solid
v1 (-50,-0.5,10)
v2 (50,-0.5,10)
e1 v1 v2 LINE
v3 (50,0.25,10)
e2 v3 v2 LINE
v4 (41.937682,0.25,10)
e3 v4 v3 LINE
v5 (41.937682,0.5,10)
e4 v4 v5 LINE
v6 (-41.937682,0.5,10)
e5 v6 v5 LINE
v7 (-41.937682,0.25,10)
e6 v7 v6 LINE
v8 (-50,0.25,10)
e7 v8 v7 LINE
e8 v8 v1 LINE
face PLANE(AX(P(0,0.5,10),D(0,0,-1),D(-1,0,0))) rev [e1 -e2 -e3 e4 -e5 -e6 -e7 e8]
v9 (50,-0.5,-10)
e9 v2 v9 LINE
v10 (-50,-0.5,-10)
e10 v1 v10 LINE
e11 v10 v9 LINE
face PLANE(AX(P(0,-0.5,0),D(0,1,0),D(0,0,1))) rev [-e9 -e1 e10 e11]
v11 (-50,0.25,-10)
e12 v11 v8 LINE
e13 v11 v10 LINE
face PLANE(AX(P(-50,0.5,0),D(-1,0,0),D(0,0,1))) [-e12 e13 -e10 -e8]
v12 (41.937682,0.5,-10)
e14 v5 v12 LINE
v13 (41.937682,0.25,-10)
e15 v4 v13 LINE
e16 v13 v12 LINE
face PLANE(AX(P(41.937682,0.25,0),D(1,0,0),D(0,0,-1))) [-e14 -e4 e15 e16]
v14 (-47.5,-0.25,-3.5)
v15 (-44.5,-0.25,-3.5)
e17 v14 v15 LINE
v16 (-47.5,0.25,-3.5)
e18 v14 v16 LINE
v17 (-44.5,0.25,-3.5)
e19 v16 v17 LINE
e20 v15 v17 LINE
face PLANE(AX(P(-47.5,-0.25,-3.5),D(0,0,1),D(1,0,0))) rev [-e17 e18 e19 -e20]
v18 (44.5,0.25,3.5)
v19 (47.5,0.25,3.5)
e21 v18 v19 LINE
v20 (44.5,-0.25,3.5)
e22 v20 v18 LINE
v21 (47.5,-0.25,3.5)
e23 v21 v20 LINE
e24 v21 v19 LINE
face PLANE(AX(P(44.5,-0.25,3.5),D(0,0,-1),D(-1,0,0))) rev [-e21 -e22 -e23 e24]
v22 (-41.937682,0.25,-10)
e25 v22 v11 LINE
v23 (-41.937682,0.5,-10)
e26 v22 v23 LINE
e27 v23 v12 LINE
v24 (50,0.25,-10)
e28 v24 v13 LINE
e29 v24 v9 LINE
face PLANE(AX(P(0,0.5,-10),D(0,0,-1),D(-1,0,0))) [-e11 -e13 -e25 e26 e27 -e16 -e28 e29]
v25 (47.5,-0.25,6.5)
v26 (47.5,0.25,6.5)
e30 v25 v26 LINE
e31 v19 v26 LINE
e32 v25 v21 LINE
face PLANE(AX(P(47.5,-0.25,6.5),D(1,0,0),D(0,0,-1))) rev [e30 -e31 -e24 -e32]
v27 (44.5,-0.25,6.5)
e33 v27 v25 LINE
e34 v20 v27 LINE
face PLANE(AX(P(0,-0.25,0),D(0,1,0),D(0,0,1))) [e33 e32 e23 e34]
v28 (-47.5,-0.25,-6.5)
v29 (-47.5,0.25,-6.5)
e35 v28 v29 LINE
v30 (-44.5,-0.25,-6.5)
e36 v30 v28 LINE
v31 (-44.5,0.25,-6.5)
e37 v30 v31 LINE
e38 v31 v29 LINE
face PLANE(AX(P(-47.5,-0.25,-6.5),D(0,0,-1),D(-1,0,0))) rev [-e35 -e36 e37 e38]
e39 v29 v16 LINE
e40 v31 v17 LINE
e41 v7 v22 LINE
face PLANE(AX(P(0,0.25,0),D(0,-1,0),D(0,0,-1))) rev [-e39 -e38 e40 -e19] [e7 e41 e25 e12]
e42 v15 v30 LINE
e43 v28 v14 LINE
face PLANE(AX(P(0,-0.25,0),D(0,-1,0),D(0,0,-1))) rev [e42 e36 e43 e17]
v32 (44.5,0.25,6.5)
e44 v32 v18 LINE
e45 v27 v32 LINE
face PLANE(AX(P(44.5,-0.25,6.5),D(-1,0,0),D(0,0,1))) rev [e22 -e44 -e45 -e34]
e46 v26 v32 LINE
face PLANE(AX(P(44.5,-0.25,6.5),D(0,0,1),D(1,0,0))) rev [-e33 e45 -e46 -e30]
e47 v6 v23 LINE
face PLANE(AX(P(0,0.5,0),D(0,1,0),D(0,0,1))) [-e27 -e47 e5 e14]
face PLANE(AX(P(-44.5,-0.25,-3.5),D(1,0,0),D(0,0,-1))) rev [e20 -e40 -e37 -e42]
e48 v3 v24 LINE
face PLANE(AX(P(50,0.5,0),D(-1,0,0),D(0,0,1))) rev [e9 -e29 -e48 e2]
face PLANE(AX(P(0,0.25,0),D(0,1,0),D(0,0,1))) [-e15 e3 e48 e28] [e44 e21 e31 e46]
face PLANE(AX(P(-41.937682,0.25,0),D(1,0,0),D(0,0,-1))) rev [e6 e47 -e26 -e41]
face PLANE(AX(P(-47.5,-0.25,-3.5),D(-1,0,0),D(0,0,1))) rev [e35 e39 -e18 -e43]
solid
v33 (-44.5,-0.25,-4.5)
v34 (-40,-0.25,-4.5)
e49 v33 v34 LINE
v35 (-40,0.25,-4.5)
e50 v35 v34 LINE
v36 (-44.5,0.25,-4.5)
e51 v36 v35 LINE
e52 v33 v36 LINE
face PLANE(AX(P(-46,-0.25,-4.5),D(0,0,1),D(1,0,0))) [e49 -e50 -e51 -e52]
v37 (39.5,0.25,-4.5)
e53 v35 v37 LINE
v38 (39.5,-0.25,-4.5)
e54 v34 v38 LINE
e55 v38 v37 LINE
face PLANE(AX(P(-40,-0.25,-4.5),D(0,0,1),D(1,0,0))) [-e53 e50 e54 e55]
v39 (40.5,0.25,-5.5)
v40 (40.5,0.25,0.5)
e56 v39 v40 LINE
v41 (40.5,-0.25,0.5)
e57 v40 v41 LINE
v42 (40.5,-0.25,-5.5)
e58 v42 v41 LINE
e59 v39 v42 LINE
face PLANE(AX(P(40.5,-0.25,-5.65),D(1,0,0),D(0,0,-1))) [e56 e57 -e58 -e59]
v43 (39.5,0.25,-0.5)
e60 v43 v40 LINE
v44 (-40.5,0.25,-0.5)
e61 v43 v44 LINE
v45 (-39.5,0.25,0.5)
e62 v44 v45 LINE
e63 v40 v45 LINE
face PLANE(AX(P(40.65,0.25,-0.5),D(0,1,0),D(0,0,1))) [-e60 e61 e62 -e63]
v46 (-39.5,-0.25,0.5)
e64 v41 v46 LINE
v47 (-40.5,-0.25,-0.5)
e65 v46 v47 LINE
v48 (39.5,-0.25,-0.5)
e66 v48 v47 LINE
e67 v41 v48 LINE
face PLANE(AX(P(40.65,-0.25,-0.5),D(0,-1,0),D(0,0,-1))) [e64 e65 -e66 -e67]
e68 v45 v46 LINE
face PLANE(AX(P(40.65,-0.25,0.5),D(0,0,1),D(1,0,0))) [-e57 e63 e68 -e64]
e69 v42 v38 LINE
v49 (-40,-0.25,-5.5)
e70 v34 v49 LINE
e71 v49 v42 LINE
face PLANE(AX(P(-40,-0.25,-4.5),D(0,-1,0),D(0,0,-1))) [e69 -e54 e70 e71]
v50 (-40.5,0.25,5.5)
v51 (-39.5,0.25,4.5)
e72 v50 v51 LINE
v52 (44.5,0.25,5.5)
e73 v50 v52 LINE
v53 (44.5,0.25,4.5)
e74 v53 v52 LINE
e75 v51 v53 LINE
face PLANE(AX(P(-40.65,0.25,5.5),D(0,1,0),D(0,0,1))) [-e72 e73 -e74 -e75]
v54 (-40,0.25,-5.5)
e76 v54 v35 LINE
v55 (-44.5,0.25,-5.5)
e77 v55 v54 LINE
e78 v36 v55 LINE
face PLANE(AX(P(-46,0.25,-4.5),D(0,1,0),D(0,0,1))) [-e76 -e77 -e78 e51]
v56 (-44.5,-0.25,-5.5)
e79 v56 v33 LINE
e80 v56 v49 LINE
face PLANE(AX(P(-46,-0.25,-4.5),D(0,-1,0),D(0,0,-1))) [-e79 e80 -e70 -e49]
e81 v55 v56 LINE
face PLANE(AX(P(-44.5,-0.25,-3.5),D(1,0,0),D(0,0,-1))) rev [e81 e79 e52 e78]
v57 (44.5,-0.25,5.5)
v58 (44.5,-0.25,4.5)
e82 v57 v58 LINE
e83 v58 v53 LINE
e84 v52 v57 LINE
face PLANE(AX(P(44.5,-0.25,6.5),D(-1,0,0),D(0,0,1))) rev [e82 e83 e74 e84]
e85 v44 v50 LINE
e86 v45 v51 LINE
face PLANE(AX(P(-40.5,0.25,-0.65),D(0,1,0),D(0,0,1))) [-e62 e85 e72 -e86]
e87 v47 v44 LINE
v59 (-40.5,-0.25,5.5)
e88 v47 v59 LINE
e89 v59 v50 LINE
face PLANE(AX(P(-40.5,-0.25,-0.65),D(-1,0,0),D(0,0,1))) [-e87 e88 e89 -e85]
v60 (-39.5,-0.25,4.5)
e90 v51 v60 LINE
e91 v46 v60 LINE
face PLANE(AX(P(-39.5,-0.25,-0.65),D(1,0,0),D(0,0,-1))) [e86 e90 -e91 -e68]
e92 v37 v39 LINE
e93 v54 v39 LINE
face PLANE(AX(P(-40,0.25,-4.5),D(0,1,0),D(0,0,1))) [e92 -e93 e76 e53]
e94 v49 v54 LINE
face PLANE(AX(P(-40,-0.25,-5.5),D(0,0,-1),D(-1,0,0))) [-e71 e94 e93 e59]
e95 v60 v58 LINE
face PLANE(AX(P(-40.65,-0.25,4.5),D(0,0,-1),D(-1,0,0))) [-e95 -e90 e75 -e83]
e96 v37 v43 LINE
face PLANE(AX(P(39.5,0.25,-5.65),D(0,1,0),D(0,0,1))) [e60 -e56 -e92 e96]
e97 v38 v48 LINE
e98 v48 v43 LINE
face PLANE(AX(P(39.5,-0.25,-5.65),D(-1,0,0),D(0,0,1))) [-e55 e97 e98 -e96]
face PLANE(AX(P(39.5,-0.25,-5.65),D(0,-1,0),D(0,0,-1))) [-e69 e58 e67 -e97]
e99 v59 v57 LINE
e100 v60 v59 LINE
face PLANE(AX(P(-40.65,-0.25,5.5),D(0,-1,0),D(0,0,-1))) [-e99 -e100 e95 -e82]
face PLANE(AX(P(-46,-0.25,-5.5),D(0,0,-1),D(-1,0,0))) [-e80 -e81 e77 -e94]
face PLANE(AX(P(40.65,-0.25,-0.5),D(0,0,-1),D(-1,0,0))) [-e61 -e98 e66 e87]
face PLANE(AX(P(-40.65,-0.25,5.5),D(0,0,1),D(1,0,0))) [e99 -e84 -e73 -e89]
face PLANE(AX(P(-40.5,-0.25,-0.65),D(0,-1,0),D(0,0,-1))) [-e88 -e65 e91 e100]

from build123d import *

# Parameters (mm, degrees)
SKETCH1_W           = 100
SKETCH1_H           = 20
BOSS_EXTRUDE1_DEPTH = 0.5
SKETCH2_W           = 1
SKETCH2_H           = 0.5
SKETCH4_W           = 3
SKETCH4_H           = 3
CUT_EXTRUDE1_DEPTH  = 0.75
SKETCH5_W           = 5.5
SKETCH5_H           = 20
CUT_EXTRUDE2_DEPTH  = 0.25
SKETCH6_W           = 2.562318192
SKETCH6_H           = 20
CUT_EXTRUDE3_DEPTH  = 0.25


with BuildPart() as part:
    # Sketch1 → Boss-Extrude1 (new, symmetric)
    with BuildSketch(Plane(origin=(0, 0, 0), x_dir=(1, 0, 0), z_dir=(0, 1, 0))):
        Rectangle(SKETCH1_W, SKETCH1_H)
    extrude(amount=BOSS_EXTRUDE1_DEPTH, both=True)


with BuildPart() as body_2:
    # Sweep2: sweep along a curve in space
    with BuildLine() as sweep2_path:
        Line((40, 0, 5), (46, 0, 5))
        Line((-40, 0, 5), (40, 0, 5))
        Line((-40, 0, 0), (-40, 0, 5))
        Line((40, 0, 0), (-40, 0, 0))
        Line((40, 0, -5), (40, 0, 0))
        Line((-40, 0, -5), (40, 0, -5))
        Line((-40, 0, -5), (-46, 0, -5))
    # Sketch2 → Sweep2 (sweep)
    with BuildSketch(Plane(origin=(40, 0, 0), x_dir=(0, 0, -1), z_dir=(1, 0, 0))):
        with Locations((-5, 0)):
            Rectangle(SKETCH2_W, SKETCH2_H)
    sweep(path=sweep2_path.line, transition=Transition.RIGHT)


with BuildPart() as cut_extrude1_tool:
    # Sketch4 → Cut-Extrude1 (new body)
    with BuildSketch(Plane(origin=(0, 0.5, 0), x_dir=(1, 0, 0), z_dir=(0, 1, 0))):
        with Locations((-46, 5)):
            Rectangle(SKETCH4_W, SKETCH4_H)
        with Locations((46, -5)):
            Rectangle(SKETCH4_W, SKETCH4_H)
    extrude(amount=-CUT_EXTRUDE1_DEPTH)


with BuildPart() as part_1:
    add(part.part)

    # Cut-Extrude1: cut by cut_extrude1_tool
    add(cut_extrude1_tool.part, mode=Mode.SUBTRACT)

    # Sketch5 → Cut-Extrude2 (cut)
    with BuildSketch(Plane(origin=(0, 0.5, 0), x_dir=(1, 0, 0), z_dir=(0, 1, 0))):
        with Locations((47.25, 0)):
            Rectangle(SKETCH5_W, SKETCH5_H)
        with Locations((-47.25, 0)):
            Rectangle(SKETCH5_W, SKETCH5_H)
    extrude(amount=-CUT_EXTRUDE2_DEPTH, mode=Mode.SUBTRACT)

    # Sketch6 → Cut-Extrude3 (cut)
    with BuildSketch(Plane(origin=(0, 0.5, 0), x_dir=(1, 0, 0), z_dir=(0, 1, 0))):
        with Locations((-43.218840904, 0)):
            Rectangle(SKETCH6_W, SKETCH6_H)
        with Locations((43.218840904, 0)):
            Rectangle(SKETCH6_W, SKETCH6_H)
    extrude(amount=-CUT_EXTRUDE3_DEPTH, mode=Mode.SUBTRACT)


with BuildPart() as body_2_1:
    add(body_2.part)

    # Cut-Extrude1: cut by cut_extrude1_tool
    add(cut_extrude1_tool.part, mode=Mode.SUBTRACT)


solid = Compound([part_1.part, body_2_1.part])
